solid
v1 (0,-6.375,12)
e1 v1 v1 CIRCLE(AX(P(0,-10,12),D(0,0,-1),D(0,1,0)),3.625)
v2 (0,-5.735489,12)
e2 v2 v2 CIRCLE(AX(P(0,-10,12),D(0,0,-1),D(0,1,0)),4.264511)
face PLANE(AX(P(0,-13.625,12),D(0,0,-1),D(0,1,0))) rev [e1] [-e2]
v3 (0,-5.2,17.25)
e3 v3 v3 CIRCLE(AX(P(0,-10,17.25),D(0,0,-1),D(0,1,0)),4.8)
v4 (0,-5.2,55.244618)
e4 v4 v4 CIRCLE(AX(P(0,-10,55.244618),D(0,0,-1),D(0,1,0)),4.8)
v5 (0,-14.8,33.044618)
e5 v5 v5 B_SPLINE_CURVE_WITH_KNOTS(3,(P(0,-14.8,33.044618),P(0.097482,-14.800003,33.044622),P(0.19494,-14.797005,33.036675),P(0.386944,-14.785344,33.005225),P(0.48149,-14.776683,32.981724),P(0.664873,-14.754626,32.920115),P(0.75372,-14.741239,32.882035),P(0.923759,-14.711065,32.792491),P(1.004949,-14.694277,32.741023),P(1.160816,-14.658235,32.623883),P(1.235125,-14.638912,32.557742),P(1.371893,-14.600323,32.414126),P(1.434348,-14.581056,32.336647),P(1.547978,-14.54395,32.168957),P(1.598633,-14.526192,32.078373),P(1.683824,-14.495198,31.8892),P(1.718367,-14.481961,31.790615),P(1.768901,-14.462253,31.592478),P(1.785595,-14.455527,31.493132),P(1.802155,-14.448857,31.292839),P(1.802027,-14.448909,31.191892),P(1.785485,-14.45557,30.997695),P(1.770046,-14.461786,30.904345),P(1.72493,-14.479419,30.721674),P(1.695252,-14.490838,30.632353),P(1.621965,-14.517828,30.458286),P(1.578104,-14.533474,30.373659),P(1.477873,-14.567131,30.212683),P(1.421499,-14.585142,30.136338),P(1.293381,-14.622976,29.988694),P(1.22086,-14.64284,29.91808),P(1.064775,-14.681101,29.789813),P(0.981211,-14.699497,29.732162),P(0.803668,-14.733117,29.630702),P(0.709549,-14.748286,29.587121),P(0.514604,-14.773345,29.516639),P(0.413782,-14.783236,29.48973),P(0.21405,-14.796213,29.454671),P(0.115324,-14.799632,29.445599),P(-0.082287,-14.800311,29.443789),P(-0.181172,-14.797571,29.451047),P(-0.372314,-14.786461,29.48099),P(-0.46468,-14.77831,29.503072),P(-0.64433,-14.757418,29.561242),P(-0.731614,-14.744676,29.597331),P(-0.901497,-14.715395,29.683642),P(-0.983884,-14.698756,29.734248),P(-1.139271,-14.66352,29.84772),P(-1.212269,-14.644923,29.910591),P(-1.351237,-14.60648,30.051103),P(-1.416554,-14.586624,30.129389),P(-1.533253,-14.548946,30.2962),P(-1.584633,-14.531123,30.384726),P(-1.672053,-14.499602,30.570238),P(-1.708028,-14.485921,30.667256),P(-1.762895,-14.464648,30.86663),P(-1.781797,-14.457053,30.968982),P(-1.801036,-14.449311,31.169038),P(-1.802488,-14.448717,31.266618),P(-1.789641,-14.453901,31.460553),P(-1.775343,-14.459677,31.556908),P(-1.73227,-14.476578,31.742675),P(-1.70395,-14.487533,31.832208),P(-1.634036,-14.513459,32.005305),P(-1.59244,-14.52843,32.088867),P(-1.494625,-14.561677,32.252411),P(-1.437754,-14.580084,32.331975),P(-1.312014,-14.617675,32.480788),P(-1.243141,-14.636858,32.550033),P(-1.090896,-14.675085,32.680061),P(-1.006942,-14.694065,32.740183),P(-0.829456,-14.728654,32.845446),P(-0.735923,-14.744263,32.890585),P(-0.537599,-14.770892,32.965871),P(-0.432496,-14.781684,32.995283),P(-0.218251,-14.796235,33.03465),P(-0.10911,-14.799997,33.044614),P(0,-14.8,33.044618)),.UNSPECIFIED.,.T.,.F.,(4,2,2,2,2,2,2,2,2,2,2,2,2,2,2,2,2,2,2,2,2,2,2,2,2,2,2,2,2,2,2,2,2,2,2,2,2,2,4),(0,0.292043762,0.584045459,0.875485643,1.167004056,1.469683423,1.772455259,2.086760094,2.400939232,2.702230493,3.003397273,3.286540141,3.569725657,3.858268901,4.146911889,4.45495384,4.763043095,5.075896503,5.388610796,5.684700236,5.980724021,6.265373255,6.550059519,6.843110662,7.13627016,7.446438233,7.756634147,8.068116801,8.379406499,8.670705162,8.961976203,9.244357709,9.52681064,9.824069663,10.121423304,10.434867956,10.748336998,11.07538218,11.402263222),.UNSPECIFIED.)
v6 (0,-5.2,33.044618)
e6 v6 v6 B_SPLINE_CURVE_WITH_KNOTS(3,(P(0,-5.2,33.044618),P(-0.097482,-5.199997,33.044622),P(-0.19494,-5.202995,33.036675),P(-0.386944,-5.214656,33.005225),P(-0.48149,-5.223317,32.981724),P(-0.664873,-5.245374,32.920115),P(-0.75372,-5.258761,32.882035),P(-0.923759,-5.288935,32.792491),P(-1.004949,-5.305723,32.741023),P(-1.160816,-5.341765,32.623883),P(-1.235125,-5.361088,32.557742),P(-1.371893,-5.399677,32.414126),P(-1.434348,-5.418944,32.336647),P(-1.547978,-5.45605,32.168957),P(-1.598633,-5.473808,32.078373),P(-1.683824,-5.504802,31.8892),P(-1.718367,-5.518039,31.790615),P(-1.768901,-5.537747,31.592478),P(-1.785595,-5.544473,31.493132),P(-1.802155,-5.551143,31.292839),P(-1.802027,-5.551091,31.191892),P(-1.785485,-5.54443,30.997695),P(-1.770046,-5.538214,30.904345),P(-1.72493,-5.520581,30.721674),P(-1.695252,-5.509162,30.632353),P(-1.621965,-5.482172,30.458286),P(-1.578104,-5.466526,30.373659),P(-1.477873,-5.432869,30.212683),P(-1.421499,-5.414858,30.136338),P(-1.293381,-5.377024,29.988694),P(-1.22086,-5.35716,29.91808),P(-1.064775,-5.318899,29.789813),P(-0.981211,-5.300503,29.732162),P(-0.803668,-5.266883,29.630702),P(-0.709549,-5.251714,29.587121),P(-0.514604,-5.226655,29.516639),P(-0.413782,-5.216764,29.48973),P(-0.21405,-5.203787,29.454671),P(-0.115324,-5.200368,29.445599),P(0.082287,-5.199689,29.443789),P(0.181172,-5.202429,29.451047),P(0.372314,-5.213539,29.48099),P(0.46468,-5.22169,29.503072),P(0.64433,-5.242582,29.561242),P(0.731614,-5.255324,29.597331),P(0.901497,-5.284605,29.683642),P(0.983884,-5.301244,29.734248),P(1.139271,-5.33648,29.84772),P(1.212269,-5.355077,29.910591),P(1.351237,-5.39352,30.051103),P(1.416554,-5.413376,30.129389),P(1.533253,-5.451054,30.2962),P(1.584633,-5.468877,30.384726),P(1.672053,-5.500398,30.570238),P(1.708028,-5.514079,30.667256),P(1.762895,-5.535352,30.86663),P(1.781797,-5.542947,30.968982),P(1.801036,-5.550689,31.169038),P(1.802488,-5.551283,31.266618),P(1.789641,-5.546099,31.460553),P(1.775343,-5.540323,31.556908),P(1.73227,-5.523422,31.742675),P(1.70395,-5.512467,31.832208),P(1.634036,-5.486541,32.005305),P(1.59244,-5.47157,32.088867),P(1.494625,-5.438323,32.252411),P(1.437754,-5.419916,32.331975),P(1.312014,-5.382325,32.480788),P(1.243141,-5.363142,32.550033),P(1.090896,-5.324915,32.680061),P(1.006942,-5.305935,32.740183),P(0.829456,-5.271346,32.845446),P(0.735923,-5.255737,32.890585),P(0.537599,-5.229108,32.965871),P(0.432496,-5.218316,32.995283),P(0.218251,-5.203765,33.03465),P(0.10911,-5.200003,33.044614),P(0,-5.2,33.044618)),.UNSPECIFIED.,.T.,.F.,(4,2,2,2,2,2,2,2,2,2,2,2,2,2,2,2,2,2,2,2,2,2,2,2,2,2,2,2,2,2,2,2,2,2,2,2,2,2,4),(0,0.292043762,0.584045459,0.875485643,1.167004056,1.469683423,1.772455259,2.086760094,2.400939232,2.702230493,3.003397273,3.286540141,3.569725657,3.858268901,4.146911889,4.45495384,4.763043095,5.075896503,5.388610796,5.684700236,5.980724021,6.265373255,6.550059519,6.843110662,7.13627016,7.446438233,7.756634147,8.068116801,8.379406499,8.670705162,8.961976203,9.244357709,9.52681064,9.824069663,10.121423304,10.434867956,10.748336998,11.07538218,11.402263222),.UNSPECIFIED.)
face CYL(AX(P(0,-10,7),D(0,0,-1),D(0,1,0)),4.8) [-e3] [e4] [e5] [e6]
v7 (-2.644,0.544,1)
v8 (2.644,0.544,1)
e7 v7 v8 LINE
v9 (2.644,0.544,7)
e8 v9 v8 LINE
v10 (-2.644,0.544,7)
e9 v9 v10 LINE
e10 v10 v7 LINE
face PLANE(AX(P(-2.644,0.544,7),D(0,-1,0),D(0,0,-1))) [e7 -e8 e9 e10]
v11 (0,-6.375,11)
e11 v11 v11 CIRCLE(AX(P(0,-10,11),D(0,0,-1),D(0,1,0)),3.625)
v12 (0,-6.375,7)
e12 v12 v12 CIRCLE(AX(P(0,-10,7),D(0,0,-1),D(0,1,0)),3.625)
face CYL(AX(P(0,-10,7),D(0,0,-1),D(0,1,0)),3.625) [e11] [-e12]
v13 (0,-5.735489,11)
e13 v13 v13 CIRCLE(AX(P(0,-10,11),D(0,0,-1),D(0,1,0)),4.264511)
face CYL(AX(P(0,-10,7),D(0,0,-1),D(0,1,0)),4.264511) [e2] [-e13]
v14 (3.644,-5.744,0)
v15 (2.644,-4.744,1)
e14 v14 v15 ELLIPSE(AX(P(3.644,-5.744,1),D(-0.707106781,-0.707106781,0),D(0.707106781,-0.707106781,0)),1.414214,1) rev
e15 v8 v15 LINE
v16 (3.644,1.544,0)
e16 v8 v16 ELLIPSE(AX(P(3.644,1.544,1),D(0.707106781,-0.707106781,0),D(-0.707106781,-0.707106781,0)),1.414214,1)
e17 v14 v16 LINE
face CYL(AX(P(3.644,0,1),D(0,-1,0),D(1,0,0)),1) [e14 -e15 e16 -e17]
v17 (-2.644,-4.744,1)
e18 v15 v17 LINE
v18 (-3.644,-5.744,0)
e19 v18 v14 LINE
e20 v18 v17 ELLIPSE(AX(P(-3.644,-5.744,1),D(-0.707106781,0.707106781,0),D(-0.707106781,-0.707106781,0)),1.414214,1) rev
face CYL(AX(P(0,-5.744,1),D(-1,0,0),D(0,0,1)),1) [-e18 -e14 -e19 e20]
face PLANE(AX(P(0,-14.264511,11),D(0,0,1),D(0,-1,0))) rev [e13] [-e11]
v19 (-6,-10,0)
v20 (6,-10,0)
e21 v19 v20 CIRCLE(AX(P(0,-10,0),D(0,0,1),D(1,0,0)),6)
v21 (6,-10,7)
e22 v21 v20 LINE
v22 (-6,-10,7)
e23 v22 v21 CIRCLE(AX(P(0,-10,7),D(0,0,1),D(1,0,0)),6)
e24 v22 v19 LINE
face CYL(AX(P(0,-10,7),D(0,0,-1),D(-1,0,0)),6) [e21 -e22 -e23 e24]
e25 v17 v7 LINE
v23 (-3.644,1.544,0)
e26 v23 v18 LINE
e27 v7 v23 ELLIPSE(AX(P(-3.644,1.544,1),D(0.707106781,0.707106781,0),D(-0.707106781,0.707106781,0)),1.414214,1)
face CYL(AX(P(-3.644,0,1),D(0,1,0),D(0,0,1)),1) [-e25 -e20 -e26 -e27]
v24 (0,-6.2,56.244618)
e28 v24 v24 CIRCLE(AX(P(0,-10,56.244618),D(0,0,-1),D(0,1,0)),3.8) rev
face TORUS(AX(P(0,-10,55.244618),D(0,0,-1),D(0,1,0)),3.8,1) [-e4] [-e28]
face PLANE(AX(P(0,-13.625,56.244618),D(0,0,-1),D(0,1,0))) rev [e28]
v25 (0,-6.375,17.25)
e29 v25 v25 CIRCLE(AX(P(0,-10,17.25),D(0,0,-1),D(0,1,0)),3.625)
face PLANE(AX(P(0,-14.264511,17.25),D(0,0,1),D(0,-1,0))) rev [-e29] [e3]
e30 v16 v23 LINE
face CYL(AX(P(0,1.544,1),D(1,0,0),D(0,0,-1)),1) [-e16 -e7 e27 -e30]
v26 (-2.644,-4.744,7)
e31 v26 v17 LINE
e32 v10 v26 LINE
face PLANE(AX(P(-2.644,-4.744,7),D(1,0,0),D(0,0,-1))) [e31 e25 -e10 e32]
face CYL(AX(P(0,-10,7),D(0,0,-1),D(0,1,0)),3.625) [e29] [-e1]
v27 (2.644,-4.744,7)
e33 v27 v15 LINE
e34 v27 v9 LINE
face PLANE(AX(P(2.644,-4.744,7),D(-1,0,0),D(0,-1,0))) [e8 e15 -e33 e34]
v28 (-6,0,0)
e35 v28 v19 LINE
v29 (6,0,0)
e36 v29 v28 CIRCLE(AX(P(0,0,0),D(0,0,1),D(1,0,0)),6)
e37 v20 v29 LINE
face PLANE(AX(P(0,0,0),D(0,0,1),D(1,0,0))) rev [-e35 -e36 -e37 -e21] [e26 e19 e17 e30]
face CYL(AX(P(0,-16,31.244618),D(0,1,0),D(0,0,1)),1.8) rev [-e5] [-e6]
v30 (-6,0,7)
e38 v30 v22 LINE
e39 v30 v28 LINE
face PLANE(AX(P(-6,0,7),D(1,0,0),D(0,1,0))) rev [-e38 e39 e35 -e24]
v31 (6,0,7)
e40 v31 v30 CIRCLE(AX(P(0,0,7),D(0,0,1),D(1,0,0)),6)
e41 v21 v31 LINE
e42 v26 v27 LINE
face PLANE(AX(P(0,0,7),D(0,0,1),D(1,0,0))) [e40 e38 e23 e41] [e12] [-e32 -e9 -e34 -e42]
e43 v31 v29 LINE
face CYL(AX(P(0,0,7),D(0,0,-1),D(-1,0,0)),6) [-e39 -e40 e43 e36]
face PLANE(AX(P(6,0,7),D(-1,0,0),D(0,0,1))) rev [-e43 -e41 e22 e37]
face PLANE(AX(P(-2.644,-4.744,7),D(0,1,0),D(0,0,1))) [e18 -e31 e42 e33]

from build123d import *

# Parameters (mm, degrees)
SKETCH1_W           = 5.288
SKETCH1_H           = 5.288
BOSS_EXTRUDE1_DEPTH = 7
FILLET1_R           = 1
FILLET2_R           = 1
SKETCH6_R           = 1.8
CUT_EXTRUDE1_DEPTH  = 58.661920682


with BuildPart() as part:
    # Sketch1 → Boss-Extrude1 (new body)
    with BuildSketch(Plane.XY):
        with BuildLine():
            Line((6, 0), (6, -10))
            ThreePointArc((6, -10), (0, -16), (-6, -10))
            Line((-6, -10), (-6, 0))
            ThreePointArc((-6, 0), (0, 6), (6, 0))
        make_face()
        with Locations((0, -2.1)):
            Rectangle(SKETCH1_W, SKETCH1_H, mode=Mode.SUBTRACT)
    extrude(amount=BOSS_EXTRUDE1_DEPTH)

    # Sketch4 → Revolve1 (revolve)
    with BuildSketch(Plane(origin=(0, 0, 0), x_dir=(0, 0, -1), z_dir=(1, 0, 0)), mode=Mode.PRIVATE) as revolve1_sk:
        Polygon((-7, -13.625), (-11, -13.625), (-11, -14.264510891), (-12, -14.264510891), (-12, -13.625), (-17.25, -13.625), (-17.25, -14.264510891), (-17.25, -14.8), (-20.259244151, -14.8), (-56.24461838, -14.8), (-56.24461838, -13.625), (-56.24461838, -10), (-7, -10), align=None)
    revolve(revolve1_sk.sketch.rotate(Axis((0, -10, 7), (0, 0, 1)), 180), axis=Axis((0, -10, 7), (0, 0, 1)))

    # Fillet1
    fillet1_edges = [part.edges().sort_by_distance(p)[0] for p in [
        (2.644, -2.1, 0),
        (0, 0.544, 0),
        (-2.644, -2.1, 0),
        (0, -4.744, 0),
    ]]
    fillet(fillet1_edges, radius=FILLET1_R)

    # Fillet2
    fillet2_edges = [part.edges().sort_by_distance(p)[0] for p in [
        (0, -14.8, 56.24461838),
    ]]
    fillet(fillet2_edges, radius=FILLET2_R)

    # Sketch6 → Cut-Extrude1 (cut, through all)
    with BuildSketch(Plane(origin=(0, -5.2, 0), x_dir=(1, 0, 0), z_dir=(0, 1, 0))):
        with Locations(Location((0, -31.24461838, 0), (0, 0, 270))):
            Circle(SKETCH6_R)
    extrude(amount=-CUT_EXTRUDE1_DEPTH, mode=Mode.SUBTRACT)


solid = part.part
